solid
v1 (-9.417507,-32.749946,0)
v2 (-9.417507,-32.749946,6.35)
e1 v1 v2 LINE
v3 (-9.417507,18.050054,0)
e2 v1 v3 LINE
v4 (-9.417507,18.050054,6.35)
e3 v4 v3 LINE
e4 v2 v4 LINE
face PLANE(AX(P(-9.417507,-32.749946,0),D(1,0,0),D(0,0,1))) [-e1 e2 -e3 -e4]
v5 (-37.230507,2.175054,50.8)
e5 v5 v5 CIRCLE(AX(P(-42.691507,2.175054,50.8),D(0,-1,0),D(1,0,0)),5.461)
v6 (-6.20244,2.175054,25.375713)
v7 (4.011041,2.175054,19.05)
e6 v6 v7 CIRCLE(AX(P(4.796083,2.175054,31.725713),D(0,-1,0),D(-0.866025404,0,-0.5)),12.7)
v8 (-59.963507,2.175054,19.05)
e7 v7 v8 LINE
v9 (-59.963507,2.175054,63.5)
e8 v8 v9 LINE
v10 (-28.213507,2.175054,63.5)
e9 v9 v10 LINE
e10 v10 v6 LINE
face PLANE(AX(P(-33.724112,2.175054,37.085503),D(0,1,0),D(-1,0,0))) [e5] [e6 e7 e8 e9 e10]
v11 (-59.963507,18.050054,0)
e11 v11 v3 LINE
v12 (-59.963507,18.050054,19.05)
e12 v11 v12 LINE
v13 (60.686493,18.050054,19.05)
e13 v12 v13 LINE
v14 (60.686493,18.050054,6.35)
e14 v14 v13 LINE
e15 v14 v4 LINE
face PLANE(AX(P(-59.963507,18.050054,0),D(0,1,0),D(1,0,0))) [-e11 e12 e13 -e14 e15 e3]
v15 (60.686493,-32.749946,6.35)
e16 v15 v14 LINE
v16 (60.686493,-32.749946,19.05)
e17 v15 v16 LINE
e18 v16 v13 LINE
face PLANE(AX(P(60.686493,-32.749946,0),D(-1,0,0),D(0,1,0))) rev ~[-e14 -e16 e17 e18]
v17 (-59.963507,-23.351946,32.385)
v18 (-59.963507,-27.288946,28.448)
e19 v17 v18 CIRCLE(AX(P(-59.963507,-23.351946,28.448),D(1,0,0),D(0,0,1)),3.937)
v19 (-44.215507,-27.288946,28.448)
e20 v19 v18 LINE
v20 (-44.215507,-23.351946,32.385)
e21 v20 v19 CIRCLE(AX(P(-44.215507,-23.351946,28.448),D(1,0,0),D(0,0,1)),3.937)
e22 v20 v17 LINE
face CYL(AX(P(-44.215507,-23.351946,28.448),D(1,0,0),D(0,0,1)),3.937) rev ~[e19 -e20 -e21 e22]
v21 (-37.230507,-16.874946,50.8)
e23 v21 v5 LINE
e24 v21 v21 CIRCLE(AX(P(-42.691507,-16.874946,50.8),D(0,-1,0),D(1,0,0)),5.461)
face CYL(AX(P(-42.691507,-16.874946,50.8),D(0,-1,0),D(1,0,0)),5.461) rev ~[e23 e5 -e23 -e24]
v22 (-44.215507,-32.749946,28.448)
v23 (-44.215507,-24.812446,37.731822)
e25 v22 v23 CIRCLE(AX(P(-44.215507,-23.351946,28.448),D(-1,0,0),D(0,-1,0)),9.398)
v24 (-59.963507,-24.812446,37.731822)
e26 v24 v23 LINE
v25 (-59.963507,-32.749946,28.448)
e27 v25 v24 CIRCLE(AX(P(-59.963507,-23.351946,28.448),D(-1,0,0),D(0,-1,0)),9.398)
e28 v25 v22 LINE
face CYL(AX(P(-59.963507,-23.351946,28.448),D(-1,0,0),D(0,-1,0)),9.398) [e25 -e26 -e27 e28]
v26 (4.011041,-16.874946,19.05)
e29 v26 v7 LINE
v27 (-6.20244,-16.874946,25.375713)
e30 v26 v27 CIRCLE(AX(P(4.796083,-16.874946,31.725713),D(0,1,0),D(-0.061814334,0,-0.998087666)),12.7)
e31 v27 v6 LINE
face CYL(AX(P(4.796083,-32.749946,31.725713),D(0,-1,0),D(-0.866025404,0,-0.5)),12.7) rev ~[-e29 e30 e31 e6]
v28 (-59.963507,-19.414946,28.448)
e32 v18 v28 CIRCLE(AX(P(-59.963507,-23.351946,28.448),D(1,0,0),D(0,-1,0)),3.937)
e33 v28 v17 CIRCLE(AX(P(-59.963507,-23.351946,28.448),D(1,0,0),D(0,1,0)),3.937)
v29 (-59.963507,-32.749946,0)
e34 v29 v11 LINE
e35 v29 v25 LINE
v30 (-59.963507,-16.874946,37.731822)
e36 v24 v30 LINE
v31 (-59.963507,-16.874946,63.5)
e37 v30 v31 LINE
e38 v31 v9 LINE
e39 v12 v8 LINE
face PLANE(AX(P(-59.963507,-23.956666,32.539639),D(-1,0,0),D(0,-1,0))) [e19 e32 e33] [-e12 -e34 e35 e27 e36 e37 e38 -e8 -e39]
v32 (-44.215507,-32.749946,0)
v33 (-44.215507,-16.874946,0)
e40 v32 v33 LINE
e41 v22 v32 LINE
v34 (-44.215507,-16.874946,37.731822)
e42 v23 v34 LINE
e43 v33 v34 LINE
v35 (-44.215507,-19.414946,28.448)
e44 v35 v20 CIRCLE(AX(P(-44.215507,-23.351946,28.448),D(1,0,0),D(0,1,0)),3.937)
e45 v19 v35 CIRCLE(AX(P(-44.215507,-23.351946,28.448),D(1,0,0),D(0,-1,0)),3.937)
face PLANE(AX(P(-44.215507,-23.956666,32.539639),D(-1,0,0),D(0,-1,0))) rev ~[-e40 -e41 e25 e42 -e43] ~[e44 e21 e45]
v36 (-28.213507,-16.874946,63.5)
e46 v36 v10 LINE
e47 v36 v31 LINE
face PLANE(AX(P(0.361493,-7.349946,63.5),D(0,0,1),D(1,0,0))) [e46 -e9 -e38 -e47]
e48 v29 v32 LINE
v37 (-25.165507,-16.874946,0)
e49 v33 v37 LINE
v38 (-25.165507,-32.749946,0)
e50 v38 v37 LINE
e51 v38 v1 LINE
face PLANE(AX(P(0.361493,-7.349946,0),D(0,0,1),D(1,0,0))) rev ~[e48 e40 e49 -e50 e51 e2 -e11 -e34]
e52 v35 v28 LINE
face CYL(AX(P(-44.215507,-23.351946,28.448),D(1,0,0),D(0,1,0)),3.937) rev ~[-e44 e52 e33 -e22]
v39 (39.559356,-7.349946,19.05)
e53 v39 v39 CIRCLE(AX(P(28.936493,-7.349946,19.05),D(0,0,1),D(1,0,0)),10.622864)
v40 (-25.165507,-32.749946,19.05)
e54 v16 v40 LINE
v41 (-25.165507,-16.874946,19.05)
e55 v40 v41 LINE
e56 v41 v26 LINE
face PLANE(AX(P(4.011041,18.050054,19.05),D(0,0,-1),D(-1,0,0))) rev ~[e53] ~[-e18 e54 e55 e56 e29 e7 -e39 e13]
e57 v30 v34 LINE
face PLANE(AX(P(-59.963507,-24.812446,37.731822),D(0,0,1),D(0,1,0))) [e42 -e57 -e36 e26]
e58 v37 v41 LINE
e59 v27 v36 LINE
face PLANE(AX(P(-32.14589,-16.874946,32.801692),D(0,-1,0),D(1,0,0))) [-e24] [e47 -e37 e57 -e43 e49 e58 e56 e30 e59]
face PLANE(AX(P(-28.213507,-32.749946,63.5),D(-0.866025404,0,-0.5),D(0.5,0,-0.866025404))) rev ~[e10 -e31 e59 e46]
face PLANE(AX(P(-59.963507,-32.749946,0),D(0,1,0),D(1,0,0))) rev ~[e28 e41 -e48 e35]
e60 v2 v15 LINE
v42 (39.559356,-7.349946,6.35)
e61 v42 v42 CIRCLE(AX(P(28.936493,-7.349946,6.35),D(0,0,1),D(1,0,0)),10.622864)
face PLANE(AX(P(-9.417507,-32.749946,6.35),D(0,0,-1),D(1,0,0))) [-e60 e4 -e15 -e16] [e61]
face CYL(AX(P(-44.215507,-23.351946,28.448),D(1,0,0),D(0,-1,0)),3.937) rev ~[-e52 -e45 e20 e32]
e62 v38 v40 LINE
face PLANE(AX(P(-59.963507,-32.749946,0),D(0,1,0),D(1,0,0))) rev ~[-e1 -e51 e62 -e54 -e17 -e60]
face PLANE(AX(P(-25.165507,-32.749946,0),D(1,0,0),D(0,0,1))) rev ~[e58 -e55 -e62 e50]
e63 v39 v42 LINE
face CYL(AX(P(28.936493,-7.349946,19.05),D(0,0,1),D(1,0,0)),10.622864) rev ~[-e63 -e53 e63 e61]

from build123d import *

# Parameters (mm, degrees)
F0_W      = 120.65
F0_H      = 50.8
F1_DEPTH  = 63.5
F2_W      = 70.104
F2_H      = 6.35
F3_DEPTH  = 50.801
F4_DEPTH  = 15.875
F6_DEPTH  = 15.875
F7_R      = 10.6228635498
F8_DEPTH  = 19.051
F9_R      = 5.461
F10_DEPTH = 19.304
F11_W     = 15.875
F11_H     = 16.4665063758
F12_DEPTH = 120.651
F14_DEPTH = 15.748
F16_DEPTH = 15.749


with BuildPart() as f1:
    # F0 (on Top) → F1 (new body)
    with BuildSketch(Plane.XY):
        with Locations((0.3614928573, -7.3499462176)):
            Rectangle(F0_W, F0_H)
    extrude(amount=F1_DEPTH)

    # F2 (on face) → F3 (cut, through all)
    with BuildSketch(Plane.XZ.offset(32.7499462176)):
        with BuildLine():
            ThreePointArc((-6.202439984, 25.3757133524), (-1.8909766077, 20.928804602), (4.0110406024, 19.05))
            Line((4.0110406024, 19.05), (5.5811246857, 19.05))
            Line((5.5811246857, 19.05), (60.6864928573, 19.05))
            Line((60.6864928573, 19.05), (60.6864928573, 63.5))
            Line((60.6864928573, 63.5), (-28.2135071427, 63.5))
            Line((-28.2135071427, 63.5), (-6.202439984, 25.3757133524))
        make_face()
        with Locations((25.6344928573, 3.175)):
            Rectangle(F2_W, F2_H)
    extrude(amount=-F3_DEPTH, mode=Mode.SUBTRACT)

    # F2 (on face) → F4 (cut)
    with BuildSketch(Plane.XZ.offset(32.7499462176)):
        with BuildLine():
            Line((-44.2155071427, 0), (-25.1655071427, 0))
            Line((-25.1655071427, 0), (-25.1655071427, 19.05))
            Line((-25.1655071427, 19.05), (4.0110406024, 19.05))
            ThreePointArc((4.0110406024, 19.05), (-1.8909766077, 20.928804602), (-6.202439984, 25.3757133524))
            Line((-6.202439984, 25.3757133524), (-28.2135071427, 63.5))
            Line((-28.2135071427, 63.5), (-59.9635071427, 63.5))
            Line((-59.9635071427, 63.5), (-59.9635071427, 44.9145063758))
            Line((-59.9635071427, 44.9145063758), (-44.2155071427, 44.9145063758))
            Line((-44.2155071427, 44.9145063758), (-44.2155071427, 28.448))
            Line((-44.2155071427, 28.448), (-44.2155071427, 0))
        make_face()
    extrude(amount=-F4_DEPTH, mode=Mode.SUBTRACT)

    # F5 (on face) → F6 (cut)
    with BuildSketch(Plane(origin=(0, 18.0500537824, 0), x_dir=(-1, 0, 0), z_dir=(0, 1, 0))):
        with BuildLine():
            Line((-4.0110406024, 19.05), (59.9635071427, 19.05))
            Line((59.9635071427, 19.05), (59.9635071427, 63.5))
            Line((59.9635071427, 63.5), (28.2135071427, 63.5))
            Line((28.2135071427, 63.5), (6.202439984, 25.3757133524))
            ThreePointArc((6.202439984, 25.3757133524), (1.8909766077, 20.928804602), (-4.0110406024, 19.05))
        make_face()
    extrude(amount=-F6_DEPTH, mode=Mode.SUBTRACT)

    # F7 (on face) → F8 (cut, through all)
    with BuildSketch(Plane.XY.offset(19.05)):
        with Locations((28.9364928573, -7.3499462176)):
            Circle(F7_R)
    extrude(amount=-F8_DEPTH, mode=Mode.SUBTRACT)

    # F9 (on face) → F10 (cut)
    with BuildSketch(Plane.XZ.offset(16.8749462176)):
        with Locations((-42.6915071427, 50.8)):
            Circle(F9_R)
    extrude(amount=-F10_DEPTH, mode=Mode.SUBTRACT)

    # F11 (on face) → F12 (cut, through all)
    with BuildSketch(Plane(origin=(-59.9635071427, 0, 0), x_dir=(0, -1, 0), z_dir=(-1, 0, 0))):
        with Locations((24.8124462176, 36.6812531879)):
            Rectangle(F11_W, F11_H)
    extrude(amount=-F12_DEPTH, mode=Mode.SUBTRACT)

    # F13 (on face) → F14 (join)
    with BuildSketch(Plane(origin=(-59.9635071427, 0, 0), x_dir=(0, -1, 0), z_dir=(-1, 0, 0))):
        with BuildLine():
            Line((16.8749462176, 28.448), (32.7499462176, 28.448))
            ThreePointArc((32.7499462176, 28.448), (30.4950611894, 34.5552344396), (24.8124462176, 37.7318216134))
            Line((24.8124462176, 37.7318216134), (16.8749462176, 37.7318216134))
            Line((16.8749462176, 37.7318216134), (16.8749462176, 28.448))
        make_face()
    extrude(amount=-F14_DEPTH)

    # F15 (on face) → F16 (cut, through all)
    with BuildSketch(Plane.YZ.offset(-44.2155071427)):
        with BuildLine():
            Line((-23.3519462176, 32.385), (-23.3519462176, 28.448))
            Line((-23.3519462176, 28.448), (-19.4149462176, 28.448))
            ThreePointArc((-19.4149462176, 28.448), (-20.5680668201, 31.2318793975), (-23.3519462176, 32.385))
        make_face()
        with BuildLine():
            Line((-19.4149462176, 28.448), (-23.3519462176, 28.448))
            Line((-23.3519462176, 28.448), (-27.2889462176, 28.448))
            ThreePointArc((-27.2889462176, 28.448), (-23.3519462176, 24.511), (-19.4149462176, 28.448))
        make_face()
        with BuildLine():
            Line((-27.2889462176, 28.448), (-23.3519462176, 28.448))
            Line((-23.3519462176, 28.448), (-23.3519462176, 32.385))
            ThreePointArc((-23.3519462176, 32.385), (-26.1358256151, 31.2318793975), (-27.2889462176, 28.448))
        make_face()
    extrude(amount=-F16_DEPTH, mode=Mode.SUBTRACT)


solid = f1.part
